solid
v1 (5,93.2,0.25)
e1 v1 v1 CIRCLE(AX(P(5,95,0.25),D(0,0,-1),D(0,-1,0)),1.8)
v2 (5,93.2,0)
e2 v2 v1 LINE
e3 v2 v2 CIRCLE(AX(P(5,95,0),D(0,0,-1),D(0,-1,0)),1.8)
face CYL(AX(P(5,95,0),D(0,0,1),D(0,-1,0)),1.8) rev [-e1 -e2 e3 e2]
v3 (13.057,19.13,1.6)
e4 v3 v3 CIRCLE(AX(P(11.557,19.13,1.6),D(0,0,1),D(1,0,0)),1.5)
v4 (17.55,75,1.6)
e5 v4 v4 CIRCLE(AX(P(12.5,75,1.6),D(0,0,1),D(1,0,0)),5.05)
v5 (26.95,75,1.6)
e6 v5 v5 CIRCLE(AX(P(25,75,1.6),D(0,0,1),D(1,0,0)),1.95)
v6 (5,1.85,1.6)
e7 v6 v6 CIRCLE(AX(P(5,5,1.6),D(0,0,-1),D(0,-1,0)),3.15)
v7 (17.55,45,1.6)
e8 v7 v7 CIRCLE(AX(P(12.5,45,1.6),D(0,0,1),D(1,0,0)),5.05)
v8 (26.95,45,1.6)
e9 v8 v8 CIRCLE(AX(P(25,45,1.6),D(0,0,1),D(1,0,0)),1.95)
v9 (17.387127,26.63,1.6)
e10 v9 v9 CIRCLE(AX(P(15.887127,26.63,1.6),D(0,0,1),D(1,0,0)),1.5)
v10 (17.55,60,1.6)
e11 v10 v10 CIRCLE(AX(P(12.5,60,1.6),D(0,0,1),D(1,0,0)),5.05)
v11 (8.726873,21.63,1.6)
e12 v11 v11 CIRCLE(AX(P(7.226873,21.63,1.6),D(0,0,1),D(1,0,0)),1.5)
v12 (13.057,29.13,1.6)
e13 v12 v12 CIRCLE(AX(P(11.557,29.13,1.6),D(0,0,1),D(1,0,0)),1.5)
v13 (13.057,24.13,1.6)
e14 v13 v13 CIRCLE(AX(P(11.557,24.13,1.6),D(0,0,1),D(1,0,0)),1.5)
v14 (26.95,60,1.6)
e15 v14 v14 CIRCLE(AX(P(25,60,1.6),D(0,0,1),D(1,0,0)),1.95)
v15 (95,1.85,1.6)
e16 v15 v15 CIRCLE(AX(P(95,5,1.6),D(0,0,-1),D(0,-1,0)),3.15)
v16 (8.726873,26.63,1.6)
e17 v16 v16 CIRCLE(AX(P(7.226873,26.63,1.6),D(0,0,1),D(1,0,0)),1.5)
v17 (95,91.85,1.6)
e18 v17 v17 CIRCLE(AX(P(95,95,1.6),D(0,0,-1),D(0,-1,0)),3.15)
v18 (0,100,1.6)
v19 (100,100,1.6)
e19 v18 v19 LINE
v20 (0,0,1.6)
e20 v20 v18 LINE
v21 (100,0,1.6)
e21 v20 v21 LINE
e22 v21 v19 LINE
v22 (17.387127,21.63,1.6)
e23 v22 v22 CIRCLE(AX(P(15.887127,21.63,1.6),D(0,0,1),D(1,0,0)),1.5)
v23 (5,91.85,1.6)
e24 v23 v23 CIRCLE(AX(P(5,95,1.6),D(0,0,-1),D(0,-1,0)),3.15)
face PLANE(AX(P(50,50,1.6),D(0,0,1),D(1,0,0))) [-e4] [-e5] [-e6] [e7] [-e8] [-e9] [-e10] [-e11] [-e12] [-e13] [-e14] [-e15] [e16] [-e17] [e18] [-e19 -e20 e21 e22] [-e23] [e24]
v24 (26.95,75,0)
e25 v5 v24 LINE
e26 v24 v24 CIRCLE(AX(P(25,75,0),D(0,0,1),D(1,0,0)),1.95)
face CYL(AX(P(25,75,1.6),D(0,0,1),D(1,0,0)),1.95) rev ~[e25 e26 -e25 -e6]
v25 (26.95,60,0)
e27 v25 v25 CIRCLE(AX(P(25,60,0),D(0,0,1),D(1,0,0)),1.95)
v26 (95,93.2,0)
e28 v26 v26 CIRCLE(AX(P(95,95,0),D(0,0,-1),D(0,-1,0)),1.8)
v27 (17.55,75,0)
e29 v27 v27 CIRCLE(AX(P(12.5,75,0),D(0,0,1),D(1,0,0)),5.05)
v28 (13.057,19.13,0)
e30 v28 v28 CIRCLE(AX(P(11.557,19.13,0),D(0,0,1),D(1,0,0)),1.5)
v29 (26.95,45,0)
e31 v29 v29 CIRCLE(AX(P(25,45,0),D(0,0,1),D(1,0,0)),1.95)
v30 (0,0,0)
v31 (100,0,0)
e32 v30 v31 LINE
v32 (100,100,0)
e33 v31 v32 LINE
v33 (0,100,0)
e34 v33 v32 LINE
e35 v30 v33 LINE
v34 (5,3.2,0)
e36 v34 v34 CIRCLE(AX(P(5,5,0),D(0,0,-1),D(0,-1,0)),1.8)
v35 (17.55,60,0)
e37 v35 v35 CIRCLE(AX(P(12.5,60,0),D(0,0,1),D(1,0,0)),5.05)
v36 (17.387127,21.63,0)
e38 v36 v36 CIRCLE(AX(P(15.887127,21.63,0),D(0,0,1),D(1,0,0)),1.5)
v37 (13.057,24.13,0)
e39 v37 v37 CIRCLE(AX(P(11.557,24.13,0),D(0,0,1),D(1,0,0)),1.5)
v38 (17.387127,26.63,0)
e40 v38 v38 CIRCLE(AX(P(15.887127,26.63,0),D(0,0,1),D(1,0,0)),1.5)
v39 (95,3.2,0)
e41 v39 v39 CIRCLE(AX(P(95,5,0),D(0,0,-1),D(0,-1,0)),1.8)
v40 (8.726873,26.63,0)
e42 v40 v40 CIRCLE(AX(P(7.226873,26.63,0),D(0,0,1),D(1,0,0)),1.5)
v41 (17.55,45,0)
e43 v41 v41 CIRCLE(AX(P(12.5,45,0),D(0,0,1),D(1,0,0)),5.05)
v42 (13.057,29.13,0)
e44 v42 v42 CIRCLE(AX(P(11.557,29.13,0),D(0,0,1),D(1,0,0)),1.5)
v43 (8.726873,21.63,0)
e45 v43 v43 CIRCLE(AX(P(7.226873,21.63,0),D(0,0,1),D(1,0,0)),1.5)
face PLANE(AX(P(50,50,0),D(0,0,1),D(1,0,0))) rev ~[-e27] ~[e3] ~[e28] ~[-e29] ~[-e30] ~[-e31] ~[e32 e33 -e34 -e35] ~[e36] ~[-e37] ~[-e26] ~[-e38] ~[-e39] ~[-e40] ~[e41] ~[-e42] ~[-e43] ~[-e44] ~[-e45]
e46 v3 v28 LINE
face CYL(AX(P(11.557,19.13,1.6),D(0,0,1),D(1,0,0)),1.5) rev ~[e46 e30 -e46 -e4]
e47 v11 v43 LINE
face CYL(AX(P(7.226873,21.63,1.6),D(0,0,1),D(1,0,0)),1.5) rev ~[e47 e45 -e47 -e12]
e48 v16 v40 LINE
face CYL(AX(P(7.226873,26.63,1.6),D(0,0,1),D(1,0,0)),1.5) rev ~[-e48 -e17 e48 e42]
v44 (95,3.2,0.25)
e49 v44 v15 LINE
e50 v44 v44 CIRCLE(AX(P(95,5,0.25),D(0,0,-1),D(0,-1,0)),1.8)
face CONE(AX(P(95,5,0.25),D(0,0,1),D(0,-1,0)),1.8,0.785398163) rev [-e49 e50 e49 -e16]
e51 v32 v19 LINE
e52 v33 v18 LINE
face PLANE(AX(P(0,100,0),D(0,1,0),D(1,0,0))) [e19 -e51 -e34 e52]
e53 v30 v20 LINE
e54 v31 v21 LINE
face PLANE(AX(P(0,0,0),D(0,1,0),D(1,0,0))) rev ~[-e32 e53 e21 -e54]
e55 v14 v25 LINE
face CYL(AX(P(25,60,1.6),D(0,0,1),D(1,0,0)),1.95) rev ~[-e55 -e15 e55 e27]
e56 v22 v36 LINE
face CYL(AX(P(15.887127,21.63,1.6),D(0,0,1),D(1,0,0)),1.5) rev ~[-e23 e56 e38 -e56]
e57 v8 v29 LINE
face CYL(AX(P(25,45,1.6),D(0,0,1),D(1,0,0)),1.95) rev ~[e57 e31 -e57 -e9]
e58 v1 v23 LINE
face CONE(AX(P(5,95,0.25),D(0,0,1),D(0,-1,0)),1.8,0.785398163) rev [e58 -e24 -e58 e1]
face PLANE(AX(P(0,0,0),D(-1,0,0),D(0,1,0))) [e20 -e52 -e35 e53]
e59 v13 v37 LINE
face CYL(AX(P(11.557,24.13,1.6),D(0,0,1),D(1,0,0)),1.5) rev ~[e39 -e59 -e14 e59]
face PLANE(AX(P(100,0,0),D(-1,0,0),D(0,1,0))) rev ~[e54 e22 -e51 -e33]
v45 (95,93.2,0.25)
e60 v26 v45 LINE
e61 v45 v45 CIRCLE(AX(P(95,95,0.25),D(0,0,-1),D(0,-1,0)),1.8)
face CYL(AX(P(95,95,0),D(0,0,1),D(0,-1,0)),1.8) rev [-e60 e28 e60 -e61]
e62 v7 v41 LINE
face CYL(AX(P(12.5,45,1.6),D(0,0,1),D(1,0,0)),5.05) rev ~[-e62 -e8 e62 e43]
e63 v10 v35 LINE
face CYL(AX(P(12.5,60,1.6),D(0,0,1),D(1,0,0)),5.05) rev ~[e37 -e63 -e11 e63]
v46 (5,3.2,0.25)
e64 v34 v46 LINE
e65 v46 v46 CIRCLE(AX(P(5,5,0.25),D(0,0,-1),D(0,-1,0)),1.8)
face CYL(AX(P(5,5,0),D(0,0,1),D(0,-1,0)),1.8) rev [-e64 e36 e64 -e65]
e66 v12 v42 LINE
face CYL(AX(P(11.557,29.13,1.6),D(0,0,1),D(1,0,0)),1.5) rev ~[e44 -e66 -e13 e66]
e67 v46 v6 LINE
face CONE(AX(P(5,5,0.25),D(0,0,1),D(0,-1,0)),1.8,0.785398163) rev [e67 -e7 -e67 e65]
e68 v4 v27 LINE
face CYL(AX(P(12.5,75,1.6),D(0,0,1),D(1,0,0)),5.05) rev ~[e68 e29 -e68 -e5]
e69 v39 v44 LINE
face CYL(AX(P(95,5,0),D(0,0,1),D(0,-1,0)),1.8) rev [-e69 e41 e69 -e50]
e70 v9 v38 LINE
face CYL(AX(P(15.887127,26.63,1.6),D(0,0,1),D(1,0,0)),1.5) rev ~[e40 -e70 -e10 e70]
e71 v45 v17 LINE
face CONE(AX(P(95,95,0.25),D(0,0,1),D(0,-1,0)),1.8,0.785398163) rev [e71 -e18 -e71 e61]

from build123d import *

# Parameters (mm, degrees)
ESQUISSE1_W                                 = 100
ESQUISSE1_H                                 = 100
BOSS_EXTRU_1_DEPTH                          = 1.6
FRAISAGE_POUR_VIS_T_TE_FRAIS_E_M31_AT_COUNT = 2
FRAISAGE_POUR_VIS_T_TE_FRAIS_E_M31_AT_PITCH = 90
FRAISAGE_POUR_VIS_T_TE_FRAIS_E_M31_2_COUNT  = 2
FRAISAGE_POUR_VIS_T_TE_FRAIS_E_M31_2_PITCH  = 127.279220614
FRAISAGE_POUR_VIS_T_TE_FRAIS_E_M31_3_COUNT  = 2
FRAISAGE_POUR_VIS_T_TE_FRAIS_E_M31_3_PITCH  = 90
ESQUISSE4_R                                 = 1.5
ESQUISSE4_R_2                               = 5.05
ESQUISSE4_R_3                               = 1.95
ENL_V_MAT_EXTRU_1_DEPTH                     = 2.6


with BuildPart() as part:
    # Esquisse1 → Boss.-Extru.1 (new body)
    with BuildSketch(Plane.XY):
        with Locations((50, 50)):
            Rectangle(ESQUISSE1_W, ESQUISSE1_H)
    extrude(amount=BOSS_EXTRU_1_DEPTH)

    # Esquisse3 → Fraisage pour vis à tête fraisée M31 (revolve, cut)
    with BuildSketch(Plane(origin=(5, 95, 1.6), x_dir=(0, -1, 0), z_dir=(1, 0, 0))):
        Polygon((0, 0), (0, 1.6), (1.8, 1.6), (1.8, 1.35), (3.15, 0), align=None)
    fraisage_pour_vis_t_te_frais_e_m31 = revolve(axis=Axis((5, 95, 7.95), (0, 0, -1)), mode=Mode.SUBTRACT)

    # Fraisage pour vis à tête fraisée M31 at: Fraisage pour vis à tête fraisée M31 ×2
    with Locations(*[(i * FRAISAGE_POUR_VIS_T_TE_FRAIS_E_M31_AT_PITCH, 0, 0) for i in range(1, FRAISAGE_POUR_VIS_T_TE_FRAIS_E_M31_AT_COUNT)]):
        add(fraisage_pour_vis_t_te_frais_e_m31, mode=Mode.SUBTRACT)

    # Fraisage pour vis _ t_te frais_e M31 2: Fraisage pour vis à tête fraisée M31 ×2
    with Locations(*[Vector(0.707106781, -0.707106781, 0) * (i * FRAISAGE_POUR_VIS_T_TE_FRAIS_E_M31_2_PITCH) for i in range(1, FRAISAGE_POUR_VIS_T_TE_FRAIS_E_M31_2_COUNT)]):
        add(fraisage_pour_vis_t_te_frais_e_m31, mode=Mode.SUBTRACT)

    # Fraisage pour vis _ t_te frais_e M31 3: Fraisage pour vis à tête fraisée M31 ×2
    with Locations(*[(0, -i * FRAISAGE_POUR_VIS_T_TE_FRAIS_E_M31_3_PITCH, 0) for i in range(1, FRAISAGE_POUR_VIS_T_TE_FRAIS_E_M31_3_COUNT)]):
        add(fraisage_pour_vis_t_te_frais_e_m31, mode=Mode.SUBTRACT)

    # Esquisse4 → Enlèv. mat.-Extru.1 (cut, through all)
    with BuildSketch(Plane.XY.offset(1.6)):
        with Locations((11.557, 24.13)):
            Circle(ESQUISSE4_R)
        with Locations((11.557, 29.13)):
            Circle(ESQUISSE4_R)
        with Locations((15.887127019, 26.63)):
            Circle(ESQUISSE4_R)
        with Locations((15.887127019, 21.63)):
            Circle(ESQUISSE4_R)
        with Locations((11.557, 19.13)):
            Circle(ESQUISSE4_R)
        with Locations((7.226872981, 21.63)):
            Circle(ESQUISSE4_R)
        with Locations((7.226872981, 26.63)):
            Circle(ESQUISSE4_R)
        with Locations((12.5, 75)):
            Circle(ESQUISSE4_R_2)
        with Locations((12.5, 60)):
            Circle(ESQUISSE4_R_2)
        with Locations((12.5, 45)):
            Circle(ESQUISSE4_R_2)
        with Locations((25, 75)):
            Circle(ESQUISSE4_R_3)
        with Locations((25, 60)):
            Circle(ESQUISSE4_R_3)
        with Locations((25, 45)):
            Circle(ESQUISSE4_R_3)
    extrude(amount=-ENL_V_MAT_EXTRU_1_DEPTH, mode=Mode.SUBTRACT)


solid = part.part
